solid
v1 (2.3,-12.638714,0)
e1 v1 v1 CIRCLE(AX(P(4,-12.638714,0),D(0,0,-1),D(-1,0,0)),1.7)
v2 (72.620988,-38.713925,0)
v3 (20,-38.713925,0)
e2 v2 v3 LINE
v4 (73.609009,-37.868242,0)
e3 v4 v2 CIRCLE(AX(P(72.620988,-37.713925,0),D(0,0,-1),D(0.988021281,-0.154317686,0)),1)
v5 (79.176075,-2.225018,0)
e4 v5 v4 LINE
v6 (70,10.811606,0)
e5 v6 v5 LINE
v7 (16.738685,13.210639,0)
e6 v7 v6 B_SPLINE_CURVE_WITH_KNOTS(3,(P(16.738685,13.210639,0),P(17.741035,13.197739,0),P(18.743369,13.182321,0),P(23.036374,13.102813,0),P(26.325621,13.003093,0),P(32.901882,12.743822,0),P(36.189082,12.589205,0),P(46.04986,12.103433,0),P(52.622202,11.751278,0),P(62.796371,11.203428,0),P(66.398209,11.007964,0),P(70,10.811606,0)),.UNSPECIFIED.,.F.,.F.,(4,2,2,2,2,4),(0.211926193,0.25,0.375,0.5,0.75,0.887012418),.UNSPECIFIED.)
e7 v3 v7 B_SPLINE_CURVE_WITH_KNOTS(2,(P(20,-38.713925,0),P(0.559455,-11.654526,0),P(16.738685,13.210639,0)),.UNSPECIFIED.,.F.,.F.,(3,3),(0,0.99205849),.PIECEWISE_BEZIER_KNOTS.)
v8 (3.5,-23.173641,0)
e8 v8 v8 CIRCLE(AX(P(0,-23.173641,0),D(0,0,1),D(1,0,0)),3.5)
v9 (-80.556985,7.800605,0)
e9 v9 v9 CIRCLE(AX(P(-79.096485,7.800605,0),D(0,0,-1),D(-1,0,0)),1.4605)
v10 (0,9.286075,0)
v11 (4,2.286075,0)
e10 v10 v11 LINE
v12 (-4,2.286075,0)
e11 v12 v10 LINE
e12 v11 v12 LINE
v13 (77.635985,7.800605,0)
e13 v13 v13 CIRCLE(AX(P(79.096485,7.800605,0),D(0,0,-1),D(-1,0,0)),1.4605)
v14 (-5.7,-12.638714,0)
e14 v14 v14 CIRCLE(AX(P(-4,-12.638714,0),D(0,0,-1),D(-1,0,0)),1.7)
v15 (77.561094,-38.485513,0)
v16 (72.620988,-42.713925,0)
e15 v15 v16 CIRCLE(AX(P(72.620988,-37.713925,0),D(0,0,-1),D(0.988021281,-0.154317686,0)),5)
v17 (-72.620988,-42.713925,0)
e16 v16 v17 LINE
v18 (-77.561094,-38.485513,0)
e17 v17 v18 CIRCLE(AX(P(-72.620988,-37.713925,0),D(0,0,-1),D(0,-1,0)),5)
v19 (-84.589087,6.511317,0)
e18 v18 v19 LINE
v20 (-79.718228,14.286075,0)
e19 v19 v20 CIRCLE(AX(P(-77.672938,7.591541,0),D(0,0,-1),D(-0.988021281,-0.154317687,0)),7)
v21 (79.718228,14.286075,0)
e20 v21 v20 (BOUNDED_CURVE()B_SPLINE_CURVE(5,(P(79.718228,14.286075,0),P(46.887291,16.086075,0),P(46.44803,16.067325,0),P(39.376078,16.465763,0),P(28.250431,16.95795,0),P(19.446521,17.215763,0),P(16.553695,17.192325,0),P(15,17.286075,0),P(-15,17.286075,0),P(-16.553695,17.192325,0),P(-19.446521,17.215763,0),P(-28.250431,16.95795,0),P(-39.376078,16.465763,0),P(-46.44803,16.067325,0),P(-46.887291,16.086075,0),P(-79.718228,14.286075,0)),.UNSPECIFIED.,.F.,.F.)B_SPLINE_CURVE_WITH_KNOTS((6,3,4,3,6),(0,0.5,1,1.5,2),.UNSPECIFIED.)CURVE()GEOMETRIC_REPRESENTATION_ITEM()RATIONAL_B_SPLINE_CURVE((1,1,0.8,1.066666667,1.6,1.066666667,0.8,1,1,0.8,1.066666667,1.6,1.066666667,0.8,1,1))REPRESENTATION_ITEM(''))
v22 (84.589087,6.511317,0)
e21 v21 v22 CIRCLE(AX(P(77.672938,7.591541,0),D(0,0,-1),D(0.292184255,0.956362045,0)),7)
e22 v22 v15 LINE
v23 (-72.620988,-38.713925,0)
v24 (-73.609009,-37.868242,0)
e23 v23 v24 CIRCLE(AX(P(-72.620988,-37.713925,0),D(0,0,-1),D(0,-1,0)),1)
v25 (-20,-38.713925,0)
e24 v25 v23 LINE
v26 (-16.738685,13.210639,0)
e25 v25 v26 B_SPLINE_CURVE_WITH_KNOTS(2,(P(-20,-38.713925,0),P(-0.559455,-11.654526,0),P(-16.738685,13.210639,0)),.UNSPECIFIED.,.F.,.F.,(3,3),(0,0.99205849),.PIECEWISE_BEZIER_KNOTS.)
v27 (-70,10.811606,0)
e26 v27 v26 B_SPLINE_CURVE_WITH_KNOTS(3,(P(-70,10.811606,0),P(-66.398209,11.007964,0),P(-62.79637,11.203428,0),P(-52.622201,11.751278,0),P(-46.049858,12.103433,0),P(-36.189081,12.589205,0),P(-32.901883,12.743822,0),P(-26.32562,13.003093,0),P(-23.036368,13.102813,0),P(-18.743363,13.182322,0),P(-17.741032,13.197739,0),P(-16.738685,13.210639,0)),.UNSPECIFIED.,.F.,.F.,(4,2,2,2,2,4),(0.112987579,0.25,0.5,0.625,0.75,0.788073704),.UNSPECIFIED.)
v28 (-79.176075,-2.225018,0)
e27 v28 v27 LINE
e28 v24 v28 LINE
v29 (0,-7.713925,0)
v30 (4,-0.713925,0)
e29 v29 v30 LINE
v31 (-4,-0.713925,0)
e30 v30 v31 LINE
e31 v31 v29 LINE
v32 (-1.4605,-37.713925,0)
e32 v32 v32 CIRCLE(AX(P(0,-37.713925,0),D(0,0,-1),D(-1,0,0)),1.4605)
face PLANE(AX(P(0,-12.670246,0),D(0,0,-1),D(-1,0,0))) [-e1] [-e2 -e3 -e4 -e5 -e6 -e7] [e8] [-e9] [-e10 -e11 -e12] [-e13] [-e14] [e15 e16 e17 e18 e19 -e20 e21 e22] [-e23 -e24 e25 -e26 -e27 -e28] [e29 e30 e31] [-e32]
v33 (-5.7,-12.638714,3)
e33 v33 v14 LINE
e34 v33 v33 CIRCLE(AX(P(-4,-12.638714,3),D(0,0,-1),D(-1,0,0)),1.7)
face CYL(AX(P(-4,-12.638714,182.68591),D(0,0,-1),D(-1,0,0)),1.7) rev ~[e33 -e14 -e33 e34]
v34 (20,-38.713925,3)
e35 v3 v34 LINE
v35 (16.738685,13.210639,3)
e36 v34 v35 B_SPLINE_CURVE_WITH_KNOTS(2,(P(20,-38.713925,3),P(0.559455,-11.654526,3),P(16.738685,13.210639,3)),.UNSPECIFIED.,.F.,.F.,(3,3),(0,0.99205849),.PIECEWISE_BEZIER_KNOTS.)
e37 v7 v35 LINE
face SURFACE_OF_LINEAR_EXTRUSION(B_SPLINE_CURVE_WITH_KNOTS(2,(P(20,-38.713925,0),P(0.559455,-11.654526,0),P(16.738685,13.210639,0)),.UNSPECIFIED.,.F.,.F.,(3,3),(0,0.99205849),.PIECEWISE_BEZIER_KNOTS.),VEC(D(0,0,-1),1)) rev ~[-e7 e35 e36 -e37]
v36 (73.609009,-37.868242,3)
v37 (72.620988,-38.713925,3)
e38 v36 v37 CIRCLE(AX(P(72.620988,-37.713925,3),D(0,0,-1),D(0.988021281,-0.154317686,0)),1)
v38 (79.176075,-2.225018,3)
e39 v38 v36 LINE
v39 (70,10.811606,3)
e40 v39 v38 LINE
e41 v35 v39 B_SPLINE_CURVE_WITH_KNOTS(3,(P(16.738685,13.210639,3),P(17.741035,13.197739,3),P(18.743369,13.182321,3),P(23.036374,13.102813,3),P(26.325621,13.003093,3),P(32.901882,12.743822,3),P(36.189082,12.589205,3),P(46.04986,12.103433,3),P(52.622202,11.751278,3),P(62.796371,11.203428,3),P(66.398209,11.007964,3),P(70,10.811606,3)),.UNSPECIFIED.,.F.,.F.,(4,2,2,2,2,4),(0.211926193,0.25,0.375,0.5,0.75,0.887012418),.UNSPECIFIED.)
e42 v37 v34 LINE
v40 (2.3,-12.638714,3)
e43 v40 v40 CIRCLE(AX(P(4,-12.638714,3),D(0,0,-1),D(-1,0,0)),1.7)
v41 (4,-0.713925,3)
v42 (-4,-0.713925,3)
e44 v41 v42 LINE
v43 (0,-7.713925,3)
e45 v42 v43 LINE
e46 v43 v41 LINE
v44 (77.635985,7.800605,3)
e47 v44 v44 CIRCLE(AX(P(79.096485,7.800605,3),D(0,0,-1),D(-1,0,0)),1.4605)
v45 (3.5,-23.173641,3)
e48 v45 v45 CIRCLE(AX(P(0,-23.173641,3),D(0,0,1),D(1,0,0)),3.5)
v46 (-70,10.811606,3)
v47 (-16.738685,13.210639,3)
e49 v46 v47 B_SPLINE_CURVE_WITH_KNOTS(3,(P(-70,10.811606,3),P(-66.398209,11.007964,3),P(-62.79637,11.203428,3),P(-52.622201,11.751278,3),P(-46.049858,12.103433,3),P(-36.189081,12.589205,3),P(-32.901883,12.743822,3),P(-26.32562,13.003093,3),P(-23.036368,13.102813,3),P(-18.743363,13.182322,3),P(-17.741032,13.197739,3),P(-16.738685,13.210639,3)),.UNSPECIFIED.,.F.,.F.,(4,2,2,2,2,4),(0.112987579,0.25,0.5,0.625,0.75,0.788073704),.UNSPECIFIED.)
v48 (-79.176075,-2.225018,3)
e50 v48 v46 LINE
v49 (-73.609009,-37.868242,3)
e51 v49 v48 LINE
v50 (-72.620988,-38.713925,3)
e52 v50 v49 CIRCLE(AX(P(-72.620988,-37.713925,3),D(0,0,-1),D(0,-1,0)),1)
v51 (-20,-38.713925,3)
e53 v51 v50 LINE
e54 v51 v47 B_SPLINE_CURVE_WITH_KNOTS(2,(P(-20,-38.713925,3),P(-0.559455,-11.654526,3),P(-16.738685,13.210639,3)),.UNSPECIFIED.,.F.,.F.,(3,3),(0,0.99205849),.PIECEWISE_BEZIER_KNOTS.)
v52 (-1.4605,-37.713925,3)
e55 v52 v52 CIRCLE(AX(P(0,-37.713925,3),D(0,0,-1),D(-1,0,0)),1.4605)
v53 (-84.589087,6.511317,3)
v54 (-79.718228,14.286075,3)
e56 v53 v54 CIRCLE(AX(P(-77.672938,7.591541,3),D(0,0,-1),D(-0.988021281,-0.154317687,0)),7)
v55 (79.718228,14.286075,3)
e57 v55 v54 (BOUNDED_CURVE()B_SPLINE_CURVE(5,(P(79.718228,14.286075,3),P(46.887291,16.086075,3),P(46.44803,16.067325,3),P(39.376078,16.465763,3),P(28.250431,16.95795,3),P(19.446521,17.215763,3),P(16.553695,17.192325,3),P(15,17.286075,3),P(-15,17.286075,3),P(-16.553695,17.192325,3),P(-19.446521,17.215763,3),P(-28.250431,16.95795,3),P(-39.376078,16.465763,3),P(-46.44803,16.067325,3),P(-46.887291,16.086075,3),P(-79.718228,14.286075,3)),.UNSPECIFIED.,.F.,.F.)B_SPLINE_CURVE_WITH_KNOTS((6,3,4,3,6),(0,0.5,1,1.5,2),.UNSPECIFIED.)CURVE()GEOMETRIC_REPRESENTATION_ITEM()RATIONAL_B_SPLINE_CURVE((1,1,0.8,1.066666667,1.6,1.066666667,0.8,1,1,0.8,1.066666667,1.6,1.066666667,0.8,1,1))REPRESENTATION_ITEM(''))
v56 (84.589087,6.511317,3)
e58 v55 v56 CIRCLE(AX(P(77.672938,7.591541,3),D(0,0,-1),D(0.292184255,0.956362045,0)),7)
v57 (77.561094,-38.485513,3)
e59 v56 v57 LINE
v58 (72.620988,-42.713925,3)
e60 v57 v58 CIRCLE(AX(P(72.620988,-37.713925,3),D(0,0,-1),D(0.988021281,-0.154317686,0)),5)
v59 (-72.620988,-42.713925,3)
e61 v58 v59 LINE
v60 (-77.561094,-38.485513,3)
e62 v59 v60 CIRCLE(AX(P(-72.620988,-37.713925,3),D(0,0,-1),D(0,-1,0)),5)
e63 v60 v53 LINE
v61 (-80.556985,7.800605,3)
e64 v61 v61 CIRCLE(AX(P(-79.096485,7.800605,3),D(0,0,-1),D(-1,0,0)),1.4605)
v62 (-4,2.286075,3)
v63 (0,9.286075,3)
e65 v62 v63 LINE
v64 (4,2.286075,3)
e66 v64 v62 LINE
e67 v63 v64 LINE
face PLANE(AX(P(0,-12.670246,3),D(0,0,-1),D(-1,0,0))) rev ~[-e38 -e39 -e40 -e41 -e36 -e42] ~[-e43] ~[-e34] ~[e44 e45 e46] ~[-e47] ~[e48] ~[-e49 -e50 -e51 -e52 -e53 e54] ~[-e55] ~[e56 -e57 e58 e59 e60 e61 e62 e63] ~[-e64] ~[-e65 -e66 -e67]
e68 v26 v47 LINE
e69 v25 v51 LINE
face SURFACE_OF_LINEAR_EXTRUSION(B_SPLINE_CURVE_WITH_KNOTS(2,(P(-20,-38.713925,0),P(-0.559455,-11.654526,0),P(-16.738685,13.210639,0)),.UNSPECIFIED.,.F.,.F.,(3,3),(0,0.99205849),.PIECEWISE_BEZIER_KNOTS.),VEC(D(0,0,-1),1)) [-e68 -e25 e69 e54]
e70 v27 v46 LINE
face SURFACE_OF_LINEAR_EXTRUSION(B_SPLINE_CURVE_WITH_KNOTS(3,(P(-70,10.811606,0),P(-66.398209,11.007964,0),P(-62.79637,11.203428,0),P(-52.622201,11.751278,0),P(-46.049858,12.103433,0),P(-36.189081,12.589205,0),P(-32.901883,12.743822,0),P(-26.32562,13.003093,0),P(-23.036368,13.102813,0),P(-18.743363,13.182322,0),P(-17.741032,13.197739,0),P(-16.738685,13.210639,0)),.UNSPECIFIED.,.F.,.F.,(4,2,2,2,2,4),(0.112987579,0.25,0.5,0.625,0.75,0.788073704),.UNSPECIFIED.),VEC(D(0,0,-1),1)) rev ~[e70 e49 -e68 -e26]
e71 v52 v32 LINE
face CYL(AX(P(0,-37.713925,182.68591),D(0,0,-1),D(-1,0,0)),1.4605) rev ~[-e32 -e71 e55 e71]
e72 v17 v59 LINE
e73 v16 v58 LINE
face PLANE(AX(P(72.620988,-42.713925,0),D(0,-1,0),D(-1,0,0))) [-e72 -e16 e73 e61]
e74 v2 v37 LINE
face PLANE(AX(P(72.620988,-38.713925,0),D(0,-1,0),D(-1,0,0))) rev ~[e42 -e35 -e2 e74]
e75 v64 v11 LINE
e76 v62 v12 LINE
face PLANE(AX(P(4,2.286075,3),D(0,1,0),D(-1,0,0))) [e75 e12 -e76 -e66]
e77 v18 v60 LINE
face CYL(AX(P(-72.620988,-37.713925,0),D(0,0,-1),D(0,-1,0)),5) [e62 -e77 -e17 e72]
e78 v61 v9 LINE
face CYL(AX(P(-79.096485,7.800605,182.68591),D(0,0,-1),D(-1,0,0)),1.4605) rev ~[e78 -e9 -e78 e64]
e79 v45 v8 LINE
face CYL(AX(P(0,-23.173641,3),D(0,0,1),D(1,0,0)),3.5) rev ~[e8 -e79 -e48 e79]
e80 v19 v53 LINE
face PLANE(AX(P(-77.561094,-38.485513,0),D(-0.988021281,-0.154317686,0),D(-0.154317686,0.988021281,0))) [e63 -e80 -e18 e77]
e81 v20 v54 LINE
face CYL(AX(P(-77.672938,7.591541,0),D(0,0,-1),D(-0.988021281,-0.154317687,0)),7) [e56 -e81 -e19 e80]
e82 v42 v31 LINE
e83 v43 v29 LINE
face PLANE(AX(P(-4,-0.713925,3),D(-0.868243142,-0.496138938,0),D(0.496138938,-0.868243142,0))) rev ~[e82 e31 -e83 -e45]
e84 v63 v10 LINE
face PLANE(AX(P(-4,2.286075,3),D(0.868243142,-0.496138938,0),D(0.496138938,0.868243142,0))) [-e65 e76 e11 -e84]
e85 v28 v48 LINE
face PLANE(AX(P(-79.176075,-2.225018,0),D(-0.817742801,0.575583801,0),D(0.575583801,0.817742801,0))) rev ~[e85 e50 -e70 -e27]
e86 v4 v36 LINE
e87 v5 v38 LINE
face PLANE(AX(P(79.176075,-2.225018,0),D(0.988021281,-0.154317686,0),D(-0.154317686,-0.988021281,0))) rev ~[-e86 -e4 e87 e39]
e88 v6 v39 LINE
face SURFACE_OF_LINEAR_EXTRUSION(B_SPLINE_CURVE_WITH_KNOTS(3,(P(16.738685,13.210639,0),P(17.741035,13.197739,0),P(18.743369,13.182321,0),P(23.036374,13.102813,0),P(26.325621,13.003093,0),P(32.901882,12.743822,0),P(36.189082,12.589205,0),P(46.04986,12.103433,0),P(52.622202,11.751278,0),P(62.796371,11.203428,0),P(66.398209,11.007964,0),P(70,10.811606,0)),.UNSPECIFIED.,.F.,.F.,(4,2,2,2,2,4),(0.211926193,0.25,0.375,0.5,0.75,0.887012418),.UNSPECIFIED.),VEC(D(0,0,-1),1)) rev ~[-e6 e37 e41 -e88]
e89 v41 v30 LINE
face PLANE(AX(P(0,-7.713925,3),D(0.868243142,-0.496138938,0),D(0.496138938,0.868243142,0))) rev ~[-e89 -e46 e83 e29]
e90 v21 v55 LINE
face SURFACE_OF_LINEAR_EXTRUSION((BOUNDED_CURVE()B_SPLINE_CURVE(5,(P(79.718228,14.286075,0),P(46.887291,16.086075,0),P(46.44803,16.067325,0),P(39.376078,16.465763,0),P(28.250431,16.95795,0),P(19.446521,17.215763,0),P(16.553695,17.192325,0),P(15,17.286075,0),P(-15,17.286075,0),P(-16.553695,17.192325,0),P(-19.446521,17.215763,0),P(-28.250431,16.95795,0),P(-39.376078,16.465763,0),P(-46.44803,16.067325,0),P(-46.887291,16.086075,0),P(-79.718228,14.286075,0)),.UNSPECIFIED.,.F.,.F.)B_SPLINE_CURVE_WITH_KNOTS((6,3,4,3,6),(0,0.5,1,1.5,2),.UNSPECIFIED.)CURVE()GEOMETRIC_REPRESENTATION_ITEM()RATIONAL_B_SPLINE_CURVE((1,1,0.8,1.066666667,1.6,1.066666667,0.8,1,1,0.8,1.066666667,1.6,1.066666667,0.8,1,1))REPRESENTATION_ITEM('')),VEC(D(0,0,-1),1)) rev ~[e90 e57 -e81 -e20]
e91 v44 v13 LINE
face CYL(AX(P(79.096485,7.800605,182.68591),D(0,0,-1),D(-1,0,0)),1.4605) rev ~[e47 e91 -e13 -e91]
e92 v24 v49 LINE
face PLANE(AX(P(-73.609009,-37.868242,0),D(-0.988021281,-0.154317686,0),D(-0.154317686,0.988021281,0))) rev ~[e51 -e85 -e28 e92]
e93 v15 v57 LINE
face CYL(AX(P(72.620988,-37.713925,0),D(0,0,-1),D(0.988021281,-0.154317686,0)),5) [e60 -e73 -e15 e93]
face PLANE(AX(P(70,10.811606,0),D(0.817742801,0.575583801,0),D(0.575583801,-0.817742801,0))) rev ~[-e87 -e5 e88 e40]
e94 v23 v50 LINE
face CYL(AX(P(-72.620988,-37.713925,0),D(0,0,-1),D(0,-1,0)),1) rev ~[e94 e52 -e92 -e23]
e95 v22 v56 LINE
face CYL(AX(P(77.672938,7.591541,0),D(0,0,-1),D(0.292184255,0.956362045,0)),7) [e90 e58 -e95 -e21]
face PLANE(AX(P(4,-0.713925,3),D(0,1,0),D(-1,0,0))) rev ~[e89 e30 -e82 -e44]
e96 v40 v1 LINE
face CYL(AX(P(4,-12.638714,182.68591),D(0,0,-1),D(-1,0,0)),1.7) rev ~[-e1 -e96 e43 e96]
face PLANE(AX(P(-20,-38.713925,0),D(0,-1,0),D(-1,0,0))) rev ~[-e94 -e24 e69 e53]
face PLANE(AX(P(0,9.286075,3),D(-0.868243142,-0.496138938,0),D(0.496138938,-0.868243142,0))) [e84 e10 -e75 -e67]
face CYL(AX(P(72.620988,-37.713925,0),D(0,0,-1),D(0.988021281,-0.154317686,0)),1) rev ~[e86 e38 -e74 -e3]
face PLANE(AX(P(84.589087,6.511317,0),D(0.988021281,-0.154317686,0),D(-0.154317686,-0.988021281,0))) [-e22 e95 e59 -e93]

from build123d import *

# Parameters (mm, degrees)
SALIENTE_EXTRUIR3_DEPTH      = 3
CORTAR_EXTRUIR2_DEPTH        = 3
TALADRO_DE_MARGEN_PARA_31_D  = 2.921
CORTAR_EXTRUIR3_DEPTH        = 3
TALADRO_DE_MARGEN_PARA_M31_D = 3.4
CROQUIS11_R                  = 3.5
CORTAR_EXTRUIR4_DEPTH        = 4


with BuildPart() as part:
    # Croquis1 → Saliente-Extruir3 (new body)
    with BuildSketch(Plane.XY):
        with BuildLine():
            Line((72.6209879, -42.713924632), (-72.6209879, -42.713924632))
            ThreePointArc((-72.6209879, -42.713924632), (-75.872299777, -41.512473181), (-77.561094305, -38.485513064))
            Line((-77.561094305, -38.485513064), (-84.58908741, 6.511317248))
            ThreePointArc((-84.58908741, 6.511317248), (-83.604933224, 11.307915351), (-79.718228228, 14.286075368))
            add(Edge.make_bspline(
                [(-79.718228228, 14.286075368), (-25, 17.286075368), (0, 17.286075368)],
                knots=[0, 0, 0, 1, 1, 1], degree=2, weights=[1, 3, 1]))
            add(Edge.make_bspline(
                [(79.718228228, 14.286075368), (25, 17.286075368), (0, 17.286075368)],
                knots=[0, 0, 0, 1, 1, 1], degree=2, weights=[1, 3, 1]))
            ThreePointArc((79.718228228, 14.286075368), (83.604933224, 11.307915351), (84.58908741, 6.511317248))
            Line((84.58908741, 6.511317248), (77.561094305, -38.485513064))
            ThreePointArc((77.561094305, -38.485513064), (75.872299777, -41.512473181), (72.6209879, -42.713924632))
        make_face()
    extrude(amount=SALIENTE_EXTRUIR3_DEPTH)

    # Croquis10 → Cortar-Extruir2 (cut)
    with BuildSketch(Plane(origin=(0, 0, 0), x_dir=(-1, 0, 0), z_dir=(0, 0, -1))):
        with BuildLine():
            add(Edge.make_bspline(
                [(20, -38.713924632), (0.559455018, -11.654526177), (16.7386853, 13.210639363)],
                knots=[0, 0, 0, 0.99205849, 0.99205849, 0.99205849], degree=2))
            Line((20, -38.713924632), (72.6209879, -38.713924632))
            ThreePointArc((72.6209879, -38.713924632), (73.271250275, -38.473634342), (73.609009181, -37.868242318))
            Line((73.609009181, -37.868242318), (79.176075372, -2.225018285))
            Line((79.176075372, -2.225018285), (70, 10.811605693))
            add(Edge.make_bspline(
                [(70, 10.811605693), (66.398209009, 11.007964388), (62.796370304, 11.203428352), (52.622201432, 11.751277545), (46.049858241, 12.103432641), (36.189081361, 12.589204947), (32.901882837, 12.743822313), (26.325619707, 13.003093268), (23.036367807, 13.1028135), (18.743362502, 13.182321556), (17.741031709, 13.197739044), (16.7386853, 13.210639363)],
                knots=[0.112987579, 0.112987579, 0.112987579, 0.112987579, 0.25, 0.25, 0.5, 0.5, 0.625, 0.625, 0.75, 0.75, 0.788073704, 0.788073704, 0.788073704, 0.788073704], degree=3))
        make_face()
        with BuildLine():
            Line((-70, 10.811605693), (-79.176075372, -2.225018285))
            Line((-79.176075372, -2.225018285), (-73.609009181, -37.868242318))
            ThreePointArc((-73.609009181, -37.868242318), (-73.271250275, -38.473634342), (-72.6209879, -38.713924632))
            Line((-72.6209879, -38.713924632), (-20, -38.713924632))
            add(Edge.make_bspline(
                [(-20, -38.713924632), (-0.559455021, -11.654526182), (-16.738685294, 13.210639354)],
                knots=[0, 0, 0, 0.99205849, 0.99205849, 0.99205849], degree=2))
            add(Edge.make_bspline(
                [(-16.738685294, 13.210639354), (-17.741034914, 13.197738997), (-18.743368579, 13.182321461), (-23.036374427, 13.10281332), (-26.325620803, 13.003093227), (-32.901882392, 12.743822329), (-36.189082451, 12.589204896), (-46.04985995, 12.103432552), (-52.622202183, 11.751277505), (-62.796370664, 11.203428332), (-66.398209188, 11.007964378), (-70, 10.811605693)],
                knots=[0.211926193, 0.211926193, 0.211926193, 0.211926193, 0.25, 0.25, 0.375, 0.375, 0.5, 0.5, 0.75, 0.75, 0.887012418, 0.887012418, 0.887012418, 0.887012418], degree=3))
        make_face()
    extrude(amount=-CORTAR_EXTRUIR2_DEPTH, mode=Mode.SUBTRACT)

    # Taladro de margen para #31 (through all)
    with Locations(Plane(origin=(79.096485455, 7.800604527, 3), x_dir=(1, 0, 0), z_dir=(0, 0, 1))):
        with Locations((0, 0), (-158.19297091, 0), (-79.096485455, -45.514529159)):
            Hole(TALADRO_DE_MARGEN_PARA_31_D / 2)

    # Croquis14 → Cortar-Extruir3 (cut)
    with BuildSketch(Plane.XY.offset(3)):
        Polygon((4, 2.286075368), (-4, 2.286075368), (0, 9.286075368), align=None)
        Polygon((0, -7.713924632), (4, -0.713924632), (-4, -0.713924632), align=None)
    extrude(amount=-CORTAR_EXTRUIR3_DEPTH, mode=Mode.SUBTRACT)

    # Taladro de margen para M31 (through all)
    with Locations(Plane(origin=(-4, -12.638714265, 3), x_dir=(1, 0, 0), z_dir=(0, 0, 1))):
        with Locations((0, 0), (8, 0)):
            Hole(TALADRO_DE_MARGEN_PARA_M31_D / 2)

    # Croquis11 → Cortar-Extruir4 (cut)
    with BuildSketch(Plane.XY.offset(3)):
        with Locations((0, -23.173641151)):
            Circle(CROQUIS11_R)
    extrude(amount=-CORTAR_EXTRUIR4_DEPTH, mode=Mode.SUBTRACT)


solid = part.part
